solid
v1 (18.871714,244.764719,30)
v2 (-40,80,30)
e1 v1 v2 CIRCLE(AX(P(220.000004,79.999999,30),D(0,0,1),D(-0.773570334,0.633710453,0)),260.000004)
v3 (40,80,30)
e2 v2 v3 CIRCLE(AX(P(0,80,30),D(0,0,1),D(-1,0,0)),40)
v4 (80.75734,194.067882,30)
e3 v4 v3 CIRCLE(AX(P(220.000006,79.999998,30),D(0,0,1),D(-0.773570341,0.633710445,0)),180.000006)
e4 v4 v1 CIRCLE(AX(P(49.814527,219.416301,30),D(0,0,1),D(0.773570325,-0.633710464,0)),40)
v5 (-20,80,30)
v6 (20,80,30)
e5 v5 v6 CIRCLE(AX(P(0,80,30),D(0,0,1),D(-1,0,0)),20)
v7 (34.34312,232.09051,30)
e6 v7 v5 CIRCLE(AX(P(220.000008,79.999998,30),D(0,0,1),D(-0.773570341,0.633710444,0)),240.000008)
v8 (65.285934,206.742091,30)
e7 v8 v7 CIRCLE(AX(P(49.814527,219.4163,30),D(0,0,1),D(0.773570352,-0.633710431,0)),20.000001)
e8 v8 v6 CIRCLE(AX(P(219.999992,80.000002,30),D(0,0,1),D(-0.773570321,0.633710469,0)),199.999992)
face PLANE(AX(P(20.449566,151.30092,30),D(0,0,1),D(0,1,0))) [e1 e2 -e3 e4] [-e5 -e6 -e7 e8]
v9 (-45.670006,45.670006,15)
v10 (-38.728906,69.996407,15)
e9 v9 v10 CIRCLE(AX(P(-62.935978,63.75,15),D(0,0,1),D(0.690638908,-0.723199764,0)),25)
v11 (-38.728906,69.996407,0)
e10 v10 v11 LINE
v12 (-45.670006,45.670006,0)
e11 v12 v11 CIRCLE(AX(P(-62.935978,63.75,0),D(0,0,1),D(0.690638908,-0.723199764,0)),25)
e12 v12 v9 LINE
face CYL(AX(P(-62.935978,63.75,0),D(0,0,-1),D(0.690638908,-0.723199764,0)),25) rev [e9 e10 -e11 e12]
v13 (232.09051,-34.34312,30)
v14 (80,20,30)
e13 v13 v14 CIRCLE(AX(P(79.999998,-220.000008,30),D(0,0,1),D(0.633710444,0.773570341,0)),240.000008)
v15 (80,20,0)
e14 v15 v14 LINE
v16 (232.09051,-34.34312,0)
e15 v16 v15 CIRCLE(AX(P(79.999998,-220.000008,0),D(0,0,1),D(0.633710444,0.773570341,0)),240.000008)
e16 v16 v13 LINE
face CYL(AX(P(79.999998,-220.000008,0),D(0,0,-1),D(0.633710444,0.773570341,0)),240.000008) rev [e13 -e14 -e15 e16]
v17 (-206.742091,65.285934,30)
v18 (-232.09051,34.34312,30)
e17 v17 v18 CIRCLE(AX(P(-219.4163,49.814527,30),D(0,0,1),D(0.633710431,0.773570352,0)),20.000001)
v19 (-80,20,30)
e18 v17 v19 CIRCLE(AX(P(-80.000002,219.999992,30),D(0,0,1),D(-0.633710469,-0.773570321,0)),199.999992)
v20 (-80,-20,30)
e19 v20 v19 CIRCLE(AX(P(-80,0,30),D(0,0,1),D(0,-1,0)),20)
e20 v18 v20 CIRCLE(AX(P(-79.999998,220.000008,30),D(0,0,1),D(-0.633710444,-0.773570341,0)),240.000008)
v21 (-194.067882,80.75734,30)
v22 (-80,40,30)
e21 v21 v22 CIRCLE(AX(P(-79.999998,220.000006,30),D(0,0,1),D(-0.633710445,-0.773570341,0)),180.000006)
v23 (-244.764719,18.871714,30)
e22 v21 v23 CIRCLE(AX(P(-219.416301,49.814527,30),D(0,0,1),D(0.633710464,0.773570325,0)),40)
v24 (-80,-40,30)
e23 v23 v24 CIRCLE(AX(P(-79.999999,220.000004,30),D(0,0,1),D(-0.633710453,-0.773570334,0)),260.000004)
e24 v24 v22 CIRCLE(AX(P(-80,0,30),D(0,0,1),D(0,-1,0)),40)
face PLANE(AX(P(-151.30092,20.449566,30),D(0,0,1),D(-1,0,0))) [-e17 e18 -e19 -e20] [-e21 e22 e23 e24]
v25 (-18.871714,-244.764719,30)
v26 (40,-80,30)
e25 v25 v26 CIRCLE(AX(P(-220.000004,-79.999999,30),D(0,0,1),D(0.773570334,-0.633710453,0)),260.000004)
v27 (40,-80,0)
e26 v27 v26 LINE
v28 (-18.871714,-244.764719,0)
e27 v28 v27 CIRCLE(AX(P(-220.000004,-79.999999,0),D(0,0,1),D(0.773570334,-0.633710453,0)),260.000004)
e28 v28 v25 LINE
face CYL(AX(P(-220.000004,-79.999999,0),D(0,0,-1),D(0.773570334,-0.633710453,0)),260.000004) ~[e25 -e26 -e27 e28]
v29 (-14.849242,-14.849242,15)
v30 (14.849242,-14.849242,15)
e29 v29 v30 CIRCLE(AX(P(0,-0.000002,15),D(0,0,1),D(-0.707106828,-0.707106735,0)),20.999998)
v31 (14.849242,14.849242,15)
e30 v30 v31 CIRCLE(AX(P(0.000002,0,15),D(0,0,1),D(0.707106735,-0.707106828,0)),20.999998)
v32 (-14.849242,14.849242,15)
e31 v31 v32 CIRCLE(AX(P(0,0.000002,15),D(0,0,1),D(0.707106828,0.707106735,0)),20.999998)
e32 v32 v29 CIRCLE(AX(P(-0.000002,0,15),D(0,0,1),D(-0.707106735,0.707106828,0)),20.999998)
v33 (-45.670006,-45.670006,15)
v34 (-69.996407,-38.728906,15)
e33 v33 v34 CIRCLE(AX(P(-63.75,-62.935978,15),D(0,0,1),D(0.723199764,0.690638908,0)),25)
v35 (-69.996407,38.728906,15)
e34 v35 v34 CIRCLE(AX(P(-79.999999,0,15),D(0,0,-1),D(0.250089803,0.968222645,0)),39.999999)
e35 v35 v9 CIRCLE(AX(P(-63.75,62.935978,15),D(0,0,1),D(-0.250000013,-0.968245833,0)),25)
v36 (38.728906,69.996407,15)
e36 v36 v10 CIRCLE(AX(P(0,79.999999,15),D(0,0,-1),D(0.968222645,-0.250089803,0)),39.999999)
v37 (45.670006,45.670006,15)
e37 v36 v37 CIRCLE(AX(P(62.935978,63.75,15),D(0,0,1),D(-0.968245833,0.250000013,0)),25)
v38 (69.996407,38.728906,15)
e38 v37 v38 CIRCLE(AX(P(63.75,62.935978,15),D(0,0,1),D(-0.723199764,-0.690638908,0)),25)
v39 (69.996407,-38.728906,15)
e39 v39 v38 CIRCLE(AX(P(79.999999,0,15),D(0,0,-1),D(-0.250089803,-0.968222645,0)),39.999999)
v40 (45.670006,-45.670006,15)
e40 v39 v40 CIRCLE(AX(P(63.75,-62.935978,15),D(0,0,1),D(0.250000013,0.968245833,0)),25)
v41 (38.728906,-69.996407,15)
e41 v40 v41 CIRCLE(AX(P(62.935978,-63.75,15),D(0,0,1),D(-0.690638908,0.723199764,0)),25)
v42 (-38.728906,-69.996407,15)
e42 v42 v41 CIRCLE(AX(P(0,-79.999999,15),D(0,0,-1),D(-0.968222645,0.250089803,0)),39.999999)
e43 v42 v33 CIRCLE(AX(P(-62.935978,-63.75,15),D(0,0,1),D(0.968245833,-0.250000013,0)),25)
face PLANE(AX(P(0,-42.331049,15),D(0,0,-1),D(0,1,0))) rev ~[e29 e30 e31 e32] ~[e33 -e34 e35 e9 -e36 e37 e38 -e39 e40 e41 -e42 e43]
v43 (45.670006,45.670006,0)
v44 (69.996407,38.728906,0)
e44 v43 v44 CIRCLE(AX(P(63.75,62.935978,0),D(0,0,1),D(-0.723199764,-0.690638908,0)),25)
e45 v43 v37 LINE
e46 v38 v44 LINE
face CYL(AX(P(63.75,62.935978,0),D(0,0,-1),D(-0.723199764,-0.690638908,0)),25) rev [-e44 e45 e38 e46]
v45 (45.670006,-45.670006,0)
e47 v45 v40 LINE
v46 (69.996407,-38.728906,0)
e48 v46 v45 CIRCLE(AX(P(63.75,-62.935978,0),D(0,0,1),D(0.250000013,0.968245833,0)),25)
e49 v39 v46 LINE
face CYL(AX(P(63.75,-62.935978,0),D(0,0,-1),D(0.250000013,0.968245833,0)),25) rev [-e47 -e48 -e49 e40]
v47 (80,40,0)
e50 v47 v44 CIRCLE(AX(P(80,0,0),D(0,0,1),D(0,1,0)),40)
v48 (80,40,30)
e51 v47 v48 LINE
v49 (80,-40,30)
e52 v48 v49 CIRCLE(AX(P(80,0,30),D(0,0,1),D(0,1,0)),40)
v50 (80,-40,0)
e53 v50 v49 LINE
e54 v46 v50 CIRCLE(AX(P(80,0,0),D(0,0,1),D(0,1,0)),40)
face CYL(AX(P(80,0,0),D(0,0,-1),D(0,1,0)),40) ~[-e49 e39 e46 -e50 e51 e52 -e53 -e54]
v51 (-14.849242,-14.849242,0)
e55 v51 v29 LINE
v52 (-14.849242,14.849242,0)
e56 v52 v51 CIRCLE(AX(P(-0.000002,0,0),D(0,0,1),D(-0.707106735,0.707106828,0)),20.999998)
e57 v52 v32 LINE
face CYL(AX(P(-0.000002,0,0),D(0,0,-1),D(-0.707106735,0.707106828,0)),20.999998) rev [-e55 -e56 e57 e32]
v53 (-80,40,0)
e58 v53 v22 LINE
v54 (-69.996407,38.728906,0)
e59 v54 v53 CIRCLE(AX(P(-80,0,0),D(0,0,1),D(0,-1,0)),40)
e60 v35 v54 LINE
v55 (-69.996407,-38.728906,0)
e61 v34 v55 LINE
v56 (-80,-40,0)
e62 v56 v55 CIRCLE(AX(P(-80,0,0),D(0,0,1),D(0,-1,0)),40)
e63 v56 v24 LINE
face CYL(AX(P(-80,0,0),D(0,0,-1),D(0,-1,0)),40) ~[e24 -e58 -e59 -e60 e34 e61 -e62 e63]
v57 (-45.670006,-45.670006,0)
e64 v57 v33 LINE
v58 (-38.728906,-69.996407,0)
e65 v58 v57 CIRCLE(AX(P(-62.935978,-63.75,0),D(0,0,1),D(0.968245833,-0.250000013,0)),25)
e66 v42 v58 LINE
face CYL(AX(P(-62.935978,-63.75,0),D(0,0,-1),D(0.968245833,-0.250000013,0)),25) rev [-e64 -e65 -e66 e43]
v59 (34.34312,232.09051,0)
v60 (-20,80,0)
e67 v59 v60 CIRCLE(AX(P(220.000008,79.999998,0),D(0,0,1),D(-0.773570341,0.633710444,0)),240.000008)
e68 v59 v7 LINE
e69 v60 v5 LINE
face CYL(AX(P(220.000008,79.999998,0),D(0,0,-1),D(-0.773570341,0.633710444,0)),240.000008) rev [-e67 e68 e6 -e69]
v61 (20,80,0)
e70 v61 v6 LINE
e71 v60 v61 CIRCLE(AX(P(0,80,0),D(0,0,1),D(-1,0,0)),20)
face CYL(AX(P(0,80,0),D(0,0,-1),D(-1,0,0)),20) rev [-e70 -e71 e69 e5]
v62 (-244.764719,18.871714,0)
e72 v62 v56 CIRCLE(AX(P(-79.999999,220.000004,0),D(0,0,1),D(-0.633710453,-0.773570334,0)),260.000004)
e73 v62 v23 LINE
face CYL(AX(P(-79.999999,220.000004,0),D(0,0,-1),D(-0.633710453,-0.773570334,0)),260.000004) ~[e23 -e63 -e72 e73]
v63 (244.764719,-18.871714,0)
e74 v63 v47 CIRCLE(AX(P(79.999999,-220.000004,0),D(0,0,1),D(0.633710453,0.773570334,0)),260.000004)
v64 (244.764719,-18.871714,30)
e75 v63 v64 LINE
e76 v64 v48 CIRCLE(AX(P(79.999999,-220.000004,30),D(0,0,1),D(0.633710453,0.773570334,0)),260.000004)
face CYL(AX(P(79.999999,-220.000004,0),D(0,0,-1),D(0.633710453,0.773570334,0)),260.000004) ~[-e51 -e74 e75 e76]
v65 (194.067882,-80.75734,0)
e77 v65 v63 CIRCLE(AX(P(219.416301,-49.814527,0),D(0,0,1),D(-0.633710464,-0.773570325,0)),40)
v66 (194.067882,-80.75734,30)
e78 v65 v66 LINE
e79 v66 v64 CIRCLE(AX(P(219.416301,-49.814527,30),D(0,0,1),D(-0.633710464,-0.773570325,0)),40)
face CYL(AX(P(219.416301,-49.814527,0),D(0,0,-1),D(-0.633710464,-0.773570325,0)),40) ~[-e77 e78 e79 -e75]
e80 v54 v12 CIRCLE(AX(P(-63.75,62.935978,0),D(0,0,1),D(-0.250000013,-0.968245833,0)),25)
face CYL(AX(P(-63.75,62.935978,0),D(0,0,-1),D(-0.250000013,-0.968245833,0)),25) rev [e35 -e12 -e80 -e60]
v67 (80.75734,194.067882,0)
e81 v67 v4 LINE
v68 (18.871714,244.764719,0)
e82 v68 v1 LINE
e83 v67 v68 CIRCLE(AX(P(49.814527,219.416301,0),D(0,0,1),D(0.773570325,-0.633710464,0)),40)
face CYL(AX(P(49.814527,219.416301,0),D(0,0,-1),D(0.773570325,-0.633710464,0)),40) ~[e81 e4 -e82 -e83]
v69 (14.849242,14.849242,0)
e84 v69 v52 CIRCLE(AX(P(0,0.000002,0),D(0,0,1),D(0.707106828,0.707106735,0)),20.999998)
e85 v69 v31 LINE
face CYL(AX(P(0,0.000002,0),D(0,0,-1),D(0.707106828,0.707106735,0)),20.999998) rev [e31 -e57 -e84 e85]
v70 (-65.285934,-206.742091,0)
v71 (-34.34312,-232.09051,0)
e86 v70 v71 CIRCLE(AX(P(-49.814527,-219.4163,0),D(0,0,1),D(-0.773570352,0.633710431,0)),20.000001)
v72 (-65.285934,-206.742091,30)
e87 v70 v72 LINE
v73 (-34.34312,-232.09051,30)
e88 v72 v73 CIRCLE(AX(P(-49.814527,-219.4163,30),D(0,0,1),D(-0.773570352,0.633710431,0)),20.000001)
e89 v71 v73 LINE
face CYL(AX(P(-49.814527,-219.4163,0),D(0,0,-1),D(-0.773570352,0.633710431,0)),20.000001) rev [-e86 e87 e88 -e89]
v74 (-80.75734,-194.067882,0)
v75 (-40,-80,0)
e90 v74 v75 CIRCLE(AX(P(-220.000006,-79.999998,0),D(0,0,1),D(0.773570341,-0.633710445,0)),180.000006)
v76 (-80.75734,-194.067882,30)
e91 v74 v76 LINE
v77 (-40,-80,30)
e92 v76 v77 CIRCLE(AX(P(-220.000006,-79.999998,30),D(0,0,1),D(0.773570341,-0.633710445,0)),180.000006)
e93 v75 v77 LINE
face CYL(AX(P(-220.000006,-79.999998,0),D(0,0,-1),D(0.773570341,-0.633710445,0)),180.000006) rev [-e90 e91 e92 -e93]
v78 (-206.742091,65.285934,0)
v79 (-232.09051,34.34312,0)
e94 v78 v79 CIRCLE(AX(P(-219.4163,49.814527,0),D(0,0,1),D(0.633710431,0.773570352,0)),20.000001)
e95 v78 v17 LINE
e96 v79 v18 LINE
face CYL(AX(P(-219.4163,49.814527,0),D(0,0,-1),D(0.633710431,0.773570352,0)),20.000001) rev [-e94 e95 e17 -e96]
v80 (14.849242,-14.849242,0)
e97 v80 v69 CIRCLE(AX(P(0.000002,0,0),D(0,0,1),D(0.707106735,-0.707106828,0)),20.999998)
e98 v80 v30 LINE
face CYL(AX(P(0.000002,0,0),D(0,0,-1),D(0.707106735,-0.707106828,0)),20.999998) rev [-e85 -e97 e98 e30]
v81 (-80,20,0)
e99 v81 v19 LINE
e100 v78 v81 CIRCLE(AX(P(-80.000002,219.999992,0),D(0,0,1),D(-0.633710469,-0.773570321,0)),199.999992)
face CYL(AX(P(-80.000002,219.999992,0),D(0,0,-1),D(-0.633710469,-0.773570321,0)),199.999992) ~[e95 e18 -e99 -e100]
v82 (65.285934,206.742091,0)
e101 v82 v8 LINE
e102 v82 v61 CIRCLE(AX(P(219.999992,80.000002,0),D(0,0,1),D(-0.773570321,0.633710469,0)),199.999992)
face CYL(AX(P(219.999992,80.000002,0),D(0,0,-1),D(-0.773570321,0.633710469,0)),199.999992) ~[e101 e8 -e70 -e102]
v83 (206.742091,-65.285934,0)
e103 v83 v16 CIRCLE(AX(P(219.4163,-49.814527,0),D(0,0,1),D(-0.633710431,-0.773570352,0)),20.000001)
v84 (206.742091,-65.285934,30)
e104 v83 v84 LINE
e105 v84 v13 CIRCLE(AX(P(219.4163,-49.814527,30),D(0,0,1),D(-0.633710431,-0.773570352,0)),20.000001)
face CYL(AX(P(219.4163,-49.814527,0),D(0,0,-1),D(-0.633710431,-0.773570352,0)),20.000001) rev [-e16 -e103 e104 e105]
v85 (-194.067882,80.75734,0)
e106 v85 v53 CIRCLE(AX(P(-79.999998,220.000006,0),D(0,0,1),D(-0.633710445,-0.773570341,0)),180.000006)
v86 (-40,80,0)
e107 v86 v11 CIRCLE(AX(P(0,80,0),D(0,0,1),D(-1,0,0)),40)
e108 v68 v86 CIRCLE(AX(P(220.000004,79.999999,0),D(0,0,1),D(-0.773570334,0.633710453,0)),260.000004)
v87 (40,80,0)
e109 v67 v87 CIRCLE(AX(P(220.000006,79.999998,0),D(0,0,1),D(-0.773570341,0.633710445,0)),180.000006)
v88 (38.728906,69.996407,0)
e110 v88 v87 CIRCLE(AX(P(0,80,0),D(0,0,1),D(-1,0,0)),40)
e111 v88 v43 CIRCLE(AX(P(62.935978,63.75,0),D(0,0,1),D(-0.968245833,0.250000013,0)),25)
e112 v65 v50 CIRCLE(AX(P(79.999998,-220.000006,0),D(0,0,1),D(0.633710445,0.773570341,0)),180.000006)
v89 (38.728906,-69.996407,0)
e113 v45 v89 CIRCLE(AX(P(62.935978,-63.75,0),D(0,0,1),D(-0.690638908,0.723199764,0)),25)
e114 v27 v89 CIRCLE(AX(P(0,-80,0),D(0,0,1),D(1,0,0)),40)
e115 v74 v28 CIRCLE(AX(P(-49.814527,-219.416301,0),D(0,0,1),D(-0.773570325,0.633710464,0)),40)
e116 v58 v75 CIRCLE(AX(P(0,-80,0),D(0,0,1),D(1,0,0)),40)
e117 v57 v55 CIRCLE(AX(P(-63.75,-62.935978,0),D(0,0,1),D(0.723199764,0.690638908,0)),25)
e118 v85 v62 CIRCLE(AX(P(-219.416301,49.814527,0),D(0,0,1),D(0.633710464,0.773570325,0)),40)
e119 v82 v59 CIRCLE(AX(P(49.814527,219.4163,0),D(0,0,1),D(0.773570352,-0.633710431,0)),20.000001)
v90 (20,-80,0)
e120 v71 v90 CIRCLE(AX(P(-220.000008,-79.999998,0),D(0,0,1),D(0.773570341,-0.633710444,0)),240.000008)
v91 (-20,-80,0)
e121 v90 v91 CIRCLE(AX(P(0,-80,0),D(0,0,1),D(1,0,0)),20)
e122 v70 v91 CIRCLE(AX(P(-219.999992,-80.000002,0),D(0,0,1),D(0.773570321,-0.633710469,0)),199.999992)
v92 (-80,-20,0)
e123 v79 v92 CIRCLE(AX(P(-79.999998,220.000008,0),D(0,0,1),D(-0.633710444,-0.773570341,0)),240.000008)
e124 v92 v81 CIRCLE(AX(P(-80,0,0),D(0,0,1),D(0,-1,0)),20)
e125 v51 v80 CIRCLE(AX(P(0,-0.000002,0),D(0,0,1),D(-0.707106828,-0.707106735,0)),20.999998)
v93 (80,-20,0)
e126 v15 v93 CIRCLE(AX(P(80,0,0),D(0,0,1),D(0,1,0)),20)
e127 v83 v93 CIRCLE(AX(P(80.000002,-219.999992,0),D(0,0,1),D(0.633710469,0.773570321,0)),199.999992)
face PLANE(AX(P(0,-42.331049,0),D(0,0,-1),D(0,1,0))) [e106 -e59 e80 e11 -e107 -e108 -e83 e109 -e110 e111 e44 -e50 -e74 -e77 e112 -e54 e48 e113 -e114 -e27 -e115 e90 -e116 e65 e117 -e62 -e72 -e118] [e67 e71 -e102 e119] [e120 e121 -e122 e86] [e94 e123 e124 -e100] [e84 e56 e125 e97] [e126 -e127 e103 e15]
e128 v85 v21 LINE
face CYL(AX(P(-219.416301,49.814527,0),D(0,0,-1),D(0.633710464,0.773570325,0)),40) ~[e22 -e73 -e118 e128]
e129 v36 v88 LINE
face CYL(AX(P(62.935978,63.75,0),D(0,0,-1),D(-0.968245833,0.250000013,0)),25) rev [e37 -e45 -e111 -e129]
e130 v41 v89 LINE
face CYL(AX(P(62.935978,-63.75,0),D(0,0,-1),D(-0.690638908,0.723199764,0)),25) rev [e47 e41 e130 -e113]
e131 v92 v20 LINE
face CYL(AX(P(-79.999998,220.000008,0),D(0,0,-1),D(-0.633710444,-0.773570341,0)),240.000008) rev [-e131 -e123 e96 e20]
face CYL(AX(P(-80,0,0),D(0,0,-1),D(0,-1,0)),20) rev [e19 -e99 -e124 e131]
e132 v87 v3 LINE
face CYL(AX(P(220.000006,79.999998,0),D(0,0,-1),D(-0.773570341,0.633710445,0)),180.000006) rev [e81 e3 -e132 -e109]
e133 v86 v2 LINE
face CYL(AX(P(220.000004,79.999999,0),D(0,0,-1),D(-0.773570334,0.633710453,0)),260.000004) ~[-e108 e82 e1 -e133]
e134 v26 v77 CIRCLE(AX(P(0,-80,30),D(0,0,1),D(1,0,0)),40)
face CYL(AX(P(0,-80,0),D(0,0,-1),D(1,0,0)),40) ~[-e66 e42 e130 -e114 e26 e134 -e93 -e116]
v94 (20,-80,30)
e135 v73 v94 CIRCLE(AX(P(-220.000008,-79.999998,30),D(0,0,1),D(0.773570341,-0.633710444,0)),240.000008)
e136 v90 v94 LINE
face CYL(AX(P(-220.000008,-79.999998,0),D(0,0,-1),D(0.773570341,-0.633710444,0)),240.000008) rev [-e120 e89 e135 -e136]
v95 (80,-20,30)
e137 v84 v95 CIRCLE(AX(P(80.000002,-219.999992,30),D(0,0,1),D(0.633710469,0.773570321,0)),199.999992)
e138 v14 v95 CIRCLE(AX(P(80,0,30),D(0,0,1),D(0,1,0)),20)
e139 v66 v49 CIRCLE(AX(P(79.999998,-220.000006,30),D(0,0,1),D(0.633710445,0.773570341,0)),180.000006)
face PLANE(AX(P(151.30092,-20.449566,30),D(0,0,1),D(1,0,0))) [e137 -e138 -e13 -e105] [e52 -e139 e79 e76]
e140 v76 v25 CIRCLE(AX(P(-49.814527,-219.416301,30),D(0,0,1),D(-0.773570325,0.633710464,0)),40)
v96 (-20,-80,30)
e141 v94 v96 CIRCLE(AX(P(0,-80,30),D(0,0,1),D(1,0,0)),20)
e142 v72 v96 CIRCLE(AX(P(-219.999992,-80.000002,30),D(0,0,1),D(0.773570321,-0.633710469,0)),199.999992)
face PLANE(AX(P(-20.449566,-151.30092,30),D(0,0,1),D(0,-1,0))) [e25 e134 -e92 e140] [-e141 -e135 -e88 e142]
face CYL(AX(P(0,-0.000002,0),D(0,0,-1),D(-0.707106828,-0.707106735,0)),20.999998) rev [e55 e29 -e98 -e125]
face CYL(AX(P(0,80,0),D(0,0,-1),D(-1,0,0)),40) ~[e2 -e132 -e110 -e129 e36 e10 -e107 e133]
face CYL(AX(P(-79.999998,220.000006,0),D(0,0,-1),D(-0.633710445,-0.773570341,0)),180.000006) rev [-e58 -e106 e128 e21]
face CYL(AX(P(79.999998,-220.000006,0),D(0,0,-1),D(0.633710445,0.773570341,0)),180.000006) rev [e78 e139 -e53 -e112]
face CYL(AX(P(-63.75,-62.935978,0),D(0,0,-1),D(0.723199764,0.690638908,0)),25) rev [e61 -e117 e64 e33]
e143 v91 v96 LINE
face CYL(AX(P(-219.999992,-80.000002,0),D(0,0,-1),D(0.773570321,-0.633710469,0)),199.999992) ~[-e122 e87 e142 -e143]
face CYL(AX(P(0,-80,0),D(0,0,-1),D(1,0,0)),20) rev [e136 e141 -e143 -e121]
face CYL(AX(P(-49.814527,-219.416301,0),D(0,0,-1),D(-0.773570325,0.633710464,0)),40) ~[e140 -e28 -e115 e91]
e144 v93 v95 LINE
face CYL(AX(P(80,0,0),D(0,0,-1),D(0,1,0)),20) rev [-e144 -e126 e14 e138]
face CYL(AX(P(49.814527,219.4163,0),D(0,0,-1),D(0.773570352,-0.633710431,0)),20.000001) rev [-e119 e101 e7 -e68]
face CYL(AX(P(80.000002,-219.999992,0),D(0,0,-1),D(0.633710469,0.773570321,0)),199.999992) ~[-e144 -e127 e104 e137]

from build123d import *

# Parameters (mm, degrees)
PAD_DEPTH          = 30
PAD001_DEPTH       = 15
POLARPATTERN_COUNT = 4


with BuildPart() as part:
    # Sketch (on XY_Plane of Origin) → Pad (new body)
    with BuildSketch(Plane.XY):
        with BuildLine():
            ThreePointArc((244.764719, -18.871714), (167.483272, 24.840105), (80, 40))
            ThreePointArc((80, 40), (40, 0), (80, -40))
            ThreePointArc((194.067882, -80.75734), (140.565342, -50.495312), (80, -40))
            ThreePointArc((194.067882, -80.75734), (250.359114, -75.162945), (244.764719, -18.871714))
        make_face()
        with BuildLine():
            ThreePointArc((206.742091, -65.285934), (147.294824, -31.661457), (80, -20))
            ThreePointArc((80, 20), (60, 0), (80, -20))
            ThreePointArc((232.09051, -34.34312), (160.753789, 6.006251), (80, 20))
            ThreePointArc((206.742091, -65.285934), (234.887707, -62.488736), (232.09051, -34.34312))
        make_face(mode=Mode.SUBTRACT)
    extrude(amount=PAD_DEPTH)

    # Sketch001 (on XY_Plane of Origin) → Pad001 (join)
    with BuildSketch(Plane.XY):
        with BuildLine():
            ThreePointArc((14.849242, -14.849242), (21, 0), (14.849242, 14.849242))
            Line((14.849242, 14.849242), (45.670006, 45.670006))
            ThreePointArc((45.670006, 45.670006), (56.892253, 38.894945), (70, 38.729833))
            ThreePointArc((70, 38.729833), (40, 0), (70, -38.729833))
            ThreePointArc((70, -38.729833), (56.892253, -38.894945), (45.670006, -45.670006))
            Line((45.670006, -45.670006), (14.849242, -14.849242))
        make_face()
    extrude(amount=PAD001_DEPTH)

    # PolarPattern: part ×4 about axis
    polarpattern_axis = Axis((0, 0, 0), (0, 0, 1))


with BuildPart() as part_1:
    add(part.part)
    for i in range(1, POLARPATTERN_COUNT):
        add(part.part.rotate(polarpattern_axis, i * 360 / POLARPATTERN_COUNT))


solid = part_1.part
